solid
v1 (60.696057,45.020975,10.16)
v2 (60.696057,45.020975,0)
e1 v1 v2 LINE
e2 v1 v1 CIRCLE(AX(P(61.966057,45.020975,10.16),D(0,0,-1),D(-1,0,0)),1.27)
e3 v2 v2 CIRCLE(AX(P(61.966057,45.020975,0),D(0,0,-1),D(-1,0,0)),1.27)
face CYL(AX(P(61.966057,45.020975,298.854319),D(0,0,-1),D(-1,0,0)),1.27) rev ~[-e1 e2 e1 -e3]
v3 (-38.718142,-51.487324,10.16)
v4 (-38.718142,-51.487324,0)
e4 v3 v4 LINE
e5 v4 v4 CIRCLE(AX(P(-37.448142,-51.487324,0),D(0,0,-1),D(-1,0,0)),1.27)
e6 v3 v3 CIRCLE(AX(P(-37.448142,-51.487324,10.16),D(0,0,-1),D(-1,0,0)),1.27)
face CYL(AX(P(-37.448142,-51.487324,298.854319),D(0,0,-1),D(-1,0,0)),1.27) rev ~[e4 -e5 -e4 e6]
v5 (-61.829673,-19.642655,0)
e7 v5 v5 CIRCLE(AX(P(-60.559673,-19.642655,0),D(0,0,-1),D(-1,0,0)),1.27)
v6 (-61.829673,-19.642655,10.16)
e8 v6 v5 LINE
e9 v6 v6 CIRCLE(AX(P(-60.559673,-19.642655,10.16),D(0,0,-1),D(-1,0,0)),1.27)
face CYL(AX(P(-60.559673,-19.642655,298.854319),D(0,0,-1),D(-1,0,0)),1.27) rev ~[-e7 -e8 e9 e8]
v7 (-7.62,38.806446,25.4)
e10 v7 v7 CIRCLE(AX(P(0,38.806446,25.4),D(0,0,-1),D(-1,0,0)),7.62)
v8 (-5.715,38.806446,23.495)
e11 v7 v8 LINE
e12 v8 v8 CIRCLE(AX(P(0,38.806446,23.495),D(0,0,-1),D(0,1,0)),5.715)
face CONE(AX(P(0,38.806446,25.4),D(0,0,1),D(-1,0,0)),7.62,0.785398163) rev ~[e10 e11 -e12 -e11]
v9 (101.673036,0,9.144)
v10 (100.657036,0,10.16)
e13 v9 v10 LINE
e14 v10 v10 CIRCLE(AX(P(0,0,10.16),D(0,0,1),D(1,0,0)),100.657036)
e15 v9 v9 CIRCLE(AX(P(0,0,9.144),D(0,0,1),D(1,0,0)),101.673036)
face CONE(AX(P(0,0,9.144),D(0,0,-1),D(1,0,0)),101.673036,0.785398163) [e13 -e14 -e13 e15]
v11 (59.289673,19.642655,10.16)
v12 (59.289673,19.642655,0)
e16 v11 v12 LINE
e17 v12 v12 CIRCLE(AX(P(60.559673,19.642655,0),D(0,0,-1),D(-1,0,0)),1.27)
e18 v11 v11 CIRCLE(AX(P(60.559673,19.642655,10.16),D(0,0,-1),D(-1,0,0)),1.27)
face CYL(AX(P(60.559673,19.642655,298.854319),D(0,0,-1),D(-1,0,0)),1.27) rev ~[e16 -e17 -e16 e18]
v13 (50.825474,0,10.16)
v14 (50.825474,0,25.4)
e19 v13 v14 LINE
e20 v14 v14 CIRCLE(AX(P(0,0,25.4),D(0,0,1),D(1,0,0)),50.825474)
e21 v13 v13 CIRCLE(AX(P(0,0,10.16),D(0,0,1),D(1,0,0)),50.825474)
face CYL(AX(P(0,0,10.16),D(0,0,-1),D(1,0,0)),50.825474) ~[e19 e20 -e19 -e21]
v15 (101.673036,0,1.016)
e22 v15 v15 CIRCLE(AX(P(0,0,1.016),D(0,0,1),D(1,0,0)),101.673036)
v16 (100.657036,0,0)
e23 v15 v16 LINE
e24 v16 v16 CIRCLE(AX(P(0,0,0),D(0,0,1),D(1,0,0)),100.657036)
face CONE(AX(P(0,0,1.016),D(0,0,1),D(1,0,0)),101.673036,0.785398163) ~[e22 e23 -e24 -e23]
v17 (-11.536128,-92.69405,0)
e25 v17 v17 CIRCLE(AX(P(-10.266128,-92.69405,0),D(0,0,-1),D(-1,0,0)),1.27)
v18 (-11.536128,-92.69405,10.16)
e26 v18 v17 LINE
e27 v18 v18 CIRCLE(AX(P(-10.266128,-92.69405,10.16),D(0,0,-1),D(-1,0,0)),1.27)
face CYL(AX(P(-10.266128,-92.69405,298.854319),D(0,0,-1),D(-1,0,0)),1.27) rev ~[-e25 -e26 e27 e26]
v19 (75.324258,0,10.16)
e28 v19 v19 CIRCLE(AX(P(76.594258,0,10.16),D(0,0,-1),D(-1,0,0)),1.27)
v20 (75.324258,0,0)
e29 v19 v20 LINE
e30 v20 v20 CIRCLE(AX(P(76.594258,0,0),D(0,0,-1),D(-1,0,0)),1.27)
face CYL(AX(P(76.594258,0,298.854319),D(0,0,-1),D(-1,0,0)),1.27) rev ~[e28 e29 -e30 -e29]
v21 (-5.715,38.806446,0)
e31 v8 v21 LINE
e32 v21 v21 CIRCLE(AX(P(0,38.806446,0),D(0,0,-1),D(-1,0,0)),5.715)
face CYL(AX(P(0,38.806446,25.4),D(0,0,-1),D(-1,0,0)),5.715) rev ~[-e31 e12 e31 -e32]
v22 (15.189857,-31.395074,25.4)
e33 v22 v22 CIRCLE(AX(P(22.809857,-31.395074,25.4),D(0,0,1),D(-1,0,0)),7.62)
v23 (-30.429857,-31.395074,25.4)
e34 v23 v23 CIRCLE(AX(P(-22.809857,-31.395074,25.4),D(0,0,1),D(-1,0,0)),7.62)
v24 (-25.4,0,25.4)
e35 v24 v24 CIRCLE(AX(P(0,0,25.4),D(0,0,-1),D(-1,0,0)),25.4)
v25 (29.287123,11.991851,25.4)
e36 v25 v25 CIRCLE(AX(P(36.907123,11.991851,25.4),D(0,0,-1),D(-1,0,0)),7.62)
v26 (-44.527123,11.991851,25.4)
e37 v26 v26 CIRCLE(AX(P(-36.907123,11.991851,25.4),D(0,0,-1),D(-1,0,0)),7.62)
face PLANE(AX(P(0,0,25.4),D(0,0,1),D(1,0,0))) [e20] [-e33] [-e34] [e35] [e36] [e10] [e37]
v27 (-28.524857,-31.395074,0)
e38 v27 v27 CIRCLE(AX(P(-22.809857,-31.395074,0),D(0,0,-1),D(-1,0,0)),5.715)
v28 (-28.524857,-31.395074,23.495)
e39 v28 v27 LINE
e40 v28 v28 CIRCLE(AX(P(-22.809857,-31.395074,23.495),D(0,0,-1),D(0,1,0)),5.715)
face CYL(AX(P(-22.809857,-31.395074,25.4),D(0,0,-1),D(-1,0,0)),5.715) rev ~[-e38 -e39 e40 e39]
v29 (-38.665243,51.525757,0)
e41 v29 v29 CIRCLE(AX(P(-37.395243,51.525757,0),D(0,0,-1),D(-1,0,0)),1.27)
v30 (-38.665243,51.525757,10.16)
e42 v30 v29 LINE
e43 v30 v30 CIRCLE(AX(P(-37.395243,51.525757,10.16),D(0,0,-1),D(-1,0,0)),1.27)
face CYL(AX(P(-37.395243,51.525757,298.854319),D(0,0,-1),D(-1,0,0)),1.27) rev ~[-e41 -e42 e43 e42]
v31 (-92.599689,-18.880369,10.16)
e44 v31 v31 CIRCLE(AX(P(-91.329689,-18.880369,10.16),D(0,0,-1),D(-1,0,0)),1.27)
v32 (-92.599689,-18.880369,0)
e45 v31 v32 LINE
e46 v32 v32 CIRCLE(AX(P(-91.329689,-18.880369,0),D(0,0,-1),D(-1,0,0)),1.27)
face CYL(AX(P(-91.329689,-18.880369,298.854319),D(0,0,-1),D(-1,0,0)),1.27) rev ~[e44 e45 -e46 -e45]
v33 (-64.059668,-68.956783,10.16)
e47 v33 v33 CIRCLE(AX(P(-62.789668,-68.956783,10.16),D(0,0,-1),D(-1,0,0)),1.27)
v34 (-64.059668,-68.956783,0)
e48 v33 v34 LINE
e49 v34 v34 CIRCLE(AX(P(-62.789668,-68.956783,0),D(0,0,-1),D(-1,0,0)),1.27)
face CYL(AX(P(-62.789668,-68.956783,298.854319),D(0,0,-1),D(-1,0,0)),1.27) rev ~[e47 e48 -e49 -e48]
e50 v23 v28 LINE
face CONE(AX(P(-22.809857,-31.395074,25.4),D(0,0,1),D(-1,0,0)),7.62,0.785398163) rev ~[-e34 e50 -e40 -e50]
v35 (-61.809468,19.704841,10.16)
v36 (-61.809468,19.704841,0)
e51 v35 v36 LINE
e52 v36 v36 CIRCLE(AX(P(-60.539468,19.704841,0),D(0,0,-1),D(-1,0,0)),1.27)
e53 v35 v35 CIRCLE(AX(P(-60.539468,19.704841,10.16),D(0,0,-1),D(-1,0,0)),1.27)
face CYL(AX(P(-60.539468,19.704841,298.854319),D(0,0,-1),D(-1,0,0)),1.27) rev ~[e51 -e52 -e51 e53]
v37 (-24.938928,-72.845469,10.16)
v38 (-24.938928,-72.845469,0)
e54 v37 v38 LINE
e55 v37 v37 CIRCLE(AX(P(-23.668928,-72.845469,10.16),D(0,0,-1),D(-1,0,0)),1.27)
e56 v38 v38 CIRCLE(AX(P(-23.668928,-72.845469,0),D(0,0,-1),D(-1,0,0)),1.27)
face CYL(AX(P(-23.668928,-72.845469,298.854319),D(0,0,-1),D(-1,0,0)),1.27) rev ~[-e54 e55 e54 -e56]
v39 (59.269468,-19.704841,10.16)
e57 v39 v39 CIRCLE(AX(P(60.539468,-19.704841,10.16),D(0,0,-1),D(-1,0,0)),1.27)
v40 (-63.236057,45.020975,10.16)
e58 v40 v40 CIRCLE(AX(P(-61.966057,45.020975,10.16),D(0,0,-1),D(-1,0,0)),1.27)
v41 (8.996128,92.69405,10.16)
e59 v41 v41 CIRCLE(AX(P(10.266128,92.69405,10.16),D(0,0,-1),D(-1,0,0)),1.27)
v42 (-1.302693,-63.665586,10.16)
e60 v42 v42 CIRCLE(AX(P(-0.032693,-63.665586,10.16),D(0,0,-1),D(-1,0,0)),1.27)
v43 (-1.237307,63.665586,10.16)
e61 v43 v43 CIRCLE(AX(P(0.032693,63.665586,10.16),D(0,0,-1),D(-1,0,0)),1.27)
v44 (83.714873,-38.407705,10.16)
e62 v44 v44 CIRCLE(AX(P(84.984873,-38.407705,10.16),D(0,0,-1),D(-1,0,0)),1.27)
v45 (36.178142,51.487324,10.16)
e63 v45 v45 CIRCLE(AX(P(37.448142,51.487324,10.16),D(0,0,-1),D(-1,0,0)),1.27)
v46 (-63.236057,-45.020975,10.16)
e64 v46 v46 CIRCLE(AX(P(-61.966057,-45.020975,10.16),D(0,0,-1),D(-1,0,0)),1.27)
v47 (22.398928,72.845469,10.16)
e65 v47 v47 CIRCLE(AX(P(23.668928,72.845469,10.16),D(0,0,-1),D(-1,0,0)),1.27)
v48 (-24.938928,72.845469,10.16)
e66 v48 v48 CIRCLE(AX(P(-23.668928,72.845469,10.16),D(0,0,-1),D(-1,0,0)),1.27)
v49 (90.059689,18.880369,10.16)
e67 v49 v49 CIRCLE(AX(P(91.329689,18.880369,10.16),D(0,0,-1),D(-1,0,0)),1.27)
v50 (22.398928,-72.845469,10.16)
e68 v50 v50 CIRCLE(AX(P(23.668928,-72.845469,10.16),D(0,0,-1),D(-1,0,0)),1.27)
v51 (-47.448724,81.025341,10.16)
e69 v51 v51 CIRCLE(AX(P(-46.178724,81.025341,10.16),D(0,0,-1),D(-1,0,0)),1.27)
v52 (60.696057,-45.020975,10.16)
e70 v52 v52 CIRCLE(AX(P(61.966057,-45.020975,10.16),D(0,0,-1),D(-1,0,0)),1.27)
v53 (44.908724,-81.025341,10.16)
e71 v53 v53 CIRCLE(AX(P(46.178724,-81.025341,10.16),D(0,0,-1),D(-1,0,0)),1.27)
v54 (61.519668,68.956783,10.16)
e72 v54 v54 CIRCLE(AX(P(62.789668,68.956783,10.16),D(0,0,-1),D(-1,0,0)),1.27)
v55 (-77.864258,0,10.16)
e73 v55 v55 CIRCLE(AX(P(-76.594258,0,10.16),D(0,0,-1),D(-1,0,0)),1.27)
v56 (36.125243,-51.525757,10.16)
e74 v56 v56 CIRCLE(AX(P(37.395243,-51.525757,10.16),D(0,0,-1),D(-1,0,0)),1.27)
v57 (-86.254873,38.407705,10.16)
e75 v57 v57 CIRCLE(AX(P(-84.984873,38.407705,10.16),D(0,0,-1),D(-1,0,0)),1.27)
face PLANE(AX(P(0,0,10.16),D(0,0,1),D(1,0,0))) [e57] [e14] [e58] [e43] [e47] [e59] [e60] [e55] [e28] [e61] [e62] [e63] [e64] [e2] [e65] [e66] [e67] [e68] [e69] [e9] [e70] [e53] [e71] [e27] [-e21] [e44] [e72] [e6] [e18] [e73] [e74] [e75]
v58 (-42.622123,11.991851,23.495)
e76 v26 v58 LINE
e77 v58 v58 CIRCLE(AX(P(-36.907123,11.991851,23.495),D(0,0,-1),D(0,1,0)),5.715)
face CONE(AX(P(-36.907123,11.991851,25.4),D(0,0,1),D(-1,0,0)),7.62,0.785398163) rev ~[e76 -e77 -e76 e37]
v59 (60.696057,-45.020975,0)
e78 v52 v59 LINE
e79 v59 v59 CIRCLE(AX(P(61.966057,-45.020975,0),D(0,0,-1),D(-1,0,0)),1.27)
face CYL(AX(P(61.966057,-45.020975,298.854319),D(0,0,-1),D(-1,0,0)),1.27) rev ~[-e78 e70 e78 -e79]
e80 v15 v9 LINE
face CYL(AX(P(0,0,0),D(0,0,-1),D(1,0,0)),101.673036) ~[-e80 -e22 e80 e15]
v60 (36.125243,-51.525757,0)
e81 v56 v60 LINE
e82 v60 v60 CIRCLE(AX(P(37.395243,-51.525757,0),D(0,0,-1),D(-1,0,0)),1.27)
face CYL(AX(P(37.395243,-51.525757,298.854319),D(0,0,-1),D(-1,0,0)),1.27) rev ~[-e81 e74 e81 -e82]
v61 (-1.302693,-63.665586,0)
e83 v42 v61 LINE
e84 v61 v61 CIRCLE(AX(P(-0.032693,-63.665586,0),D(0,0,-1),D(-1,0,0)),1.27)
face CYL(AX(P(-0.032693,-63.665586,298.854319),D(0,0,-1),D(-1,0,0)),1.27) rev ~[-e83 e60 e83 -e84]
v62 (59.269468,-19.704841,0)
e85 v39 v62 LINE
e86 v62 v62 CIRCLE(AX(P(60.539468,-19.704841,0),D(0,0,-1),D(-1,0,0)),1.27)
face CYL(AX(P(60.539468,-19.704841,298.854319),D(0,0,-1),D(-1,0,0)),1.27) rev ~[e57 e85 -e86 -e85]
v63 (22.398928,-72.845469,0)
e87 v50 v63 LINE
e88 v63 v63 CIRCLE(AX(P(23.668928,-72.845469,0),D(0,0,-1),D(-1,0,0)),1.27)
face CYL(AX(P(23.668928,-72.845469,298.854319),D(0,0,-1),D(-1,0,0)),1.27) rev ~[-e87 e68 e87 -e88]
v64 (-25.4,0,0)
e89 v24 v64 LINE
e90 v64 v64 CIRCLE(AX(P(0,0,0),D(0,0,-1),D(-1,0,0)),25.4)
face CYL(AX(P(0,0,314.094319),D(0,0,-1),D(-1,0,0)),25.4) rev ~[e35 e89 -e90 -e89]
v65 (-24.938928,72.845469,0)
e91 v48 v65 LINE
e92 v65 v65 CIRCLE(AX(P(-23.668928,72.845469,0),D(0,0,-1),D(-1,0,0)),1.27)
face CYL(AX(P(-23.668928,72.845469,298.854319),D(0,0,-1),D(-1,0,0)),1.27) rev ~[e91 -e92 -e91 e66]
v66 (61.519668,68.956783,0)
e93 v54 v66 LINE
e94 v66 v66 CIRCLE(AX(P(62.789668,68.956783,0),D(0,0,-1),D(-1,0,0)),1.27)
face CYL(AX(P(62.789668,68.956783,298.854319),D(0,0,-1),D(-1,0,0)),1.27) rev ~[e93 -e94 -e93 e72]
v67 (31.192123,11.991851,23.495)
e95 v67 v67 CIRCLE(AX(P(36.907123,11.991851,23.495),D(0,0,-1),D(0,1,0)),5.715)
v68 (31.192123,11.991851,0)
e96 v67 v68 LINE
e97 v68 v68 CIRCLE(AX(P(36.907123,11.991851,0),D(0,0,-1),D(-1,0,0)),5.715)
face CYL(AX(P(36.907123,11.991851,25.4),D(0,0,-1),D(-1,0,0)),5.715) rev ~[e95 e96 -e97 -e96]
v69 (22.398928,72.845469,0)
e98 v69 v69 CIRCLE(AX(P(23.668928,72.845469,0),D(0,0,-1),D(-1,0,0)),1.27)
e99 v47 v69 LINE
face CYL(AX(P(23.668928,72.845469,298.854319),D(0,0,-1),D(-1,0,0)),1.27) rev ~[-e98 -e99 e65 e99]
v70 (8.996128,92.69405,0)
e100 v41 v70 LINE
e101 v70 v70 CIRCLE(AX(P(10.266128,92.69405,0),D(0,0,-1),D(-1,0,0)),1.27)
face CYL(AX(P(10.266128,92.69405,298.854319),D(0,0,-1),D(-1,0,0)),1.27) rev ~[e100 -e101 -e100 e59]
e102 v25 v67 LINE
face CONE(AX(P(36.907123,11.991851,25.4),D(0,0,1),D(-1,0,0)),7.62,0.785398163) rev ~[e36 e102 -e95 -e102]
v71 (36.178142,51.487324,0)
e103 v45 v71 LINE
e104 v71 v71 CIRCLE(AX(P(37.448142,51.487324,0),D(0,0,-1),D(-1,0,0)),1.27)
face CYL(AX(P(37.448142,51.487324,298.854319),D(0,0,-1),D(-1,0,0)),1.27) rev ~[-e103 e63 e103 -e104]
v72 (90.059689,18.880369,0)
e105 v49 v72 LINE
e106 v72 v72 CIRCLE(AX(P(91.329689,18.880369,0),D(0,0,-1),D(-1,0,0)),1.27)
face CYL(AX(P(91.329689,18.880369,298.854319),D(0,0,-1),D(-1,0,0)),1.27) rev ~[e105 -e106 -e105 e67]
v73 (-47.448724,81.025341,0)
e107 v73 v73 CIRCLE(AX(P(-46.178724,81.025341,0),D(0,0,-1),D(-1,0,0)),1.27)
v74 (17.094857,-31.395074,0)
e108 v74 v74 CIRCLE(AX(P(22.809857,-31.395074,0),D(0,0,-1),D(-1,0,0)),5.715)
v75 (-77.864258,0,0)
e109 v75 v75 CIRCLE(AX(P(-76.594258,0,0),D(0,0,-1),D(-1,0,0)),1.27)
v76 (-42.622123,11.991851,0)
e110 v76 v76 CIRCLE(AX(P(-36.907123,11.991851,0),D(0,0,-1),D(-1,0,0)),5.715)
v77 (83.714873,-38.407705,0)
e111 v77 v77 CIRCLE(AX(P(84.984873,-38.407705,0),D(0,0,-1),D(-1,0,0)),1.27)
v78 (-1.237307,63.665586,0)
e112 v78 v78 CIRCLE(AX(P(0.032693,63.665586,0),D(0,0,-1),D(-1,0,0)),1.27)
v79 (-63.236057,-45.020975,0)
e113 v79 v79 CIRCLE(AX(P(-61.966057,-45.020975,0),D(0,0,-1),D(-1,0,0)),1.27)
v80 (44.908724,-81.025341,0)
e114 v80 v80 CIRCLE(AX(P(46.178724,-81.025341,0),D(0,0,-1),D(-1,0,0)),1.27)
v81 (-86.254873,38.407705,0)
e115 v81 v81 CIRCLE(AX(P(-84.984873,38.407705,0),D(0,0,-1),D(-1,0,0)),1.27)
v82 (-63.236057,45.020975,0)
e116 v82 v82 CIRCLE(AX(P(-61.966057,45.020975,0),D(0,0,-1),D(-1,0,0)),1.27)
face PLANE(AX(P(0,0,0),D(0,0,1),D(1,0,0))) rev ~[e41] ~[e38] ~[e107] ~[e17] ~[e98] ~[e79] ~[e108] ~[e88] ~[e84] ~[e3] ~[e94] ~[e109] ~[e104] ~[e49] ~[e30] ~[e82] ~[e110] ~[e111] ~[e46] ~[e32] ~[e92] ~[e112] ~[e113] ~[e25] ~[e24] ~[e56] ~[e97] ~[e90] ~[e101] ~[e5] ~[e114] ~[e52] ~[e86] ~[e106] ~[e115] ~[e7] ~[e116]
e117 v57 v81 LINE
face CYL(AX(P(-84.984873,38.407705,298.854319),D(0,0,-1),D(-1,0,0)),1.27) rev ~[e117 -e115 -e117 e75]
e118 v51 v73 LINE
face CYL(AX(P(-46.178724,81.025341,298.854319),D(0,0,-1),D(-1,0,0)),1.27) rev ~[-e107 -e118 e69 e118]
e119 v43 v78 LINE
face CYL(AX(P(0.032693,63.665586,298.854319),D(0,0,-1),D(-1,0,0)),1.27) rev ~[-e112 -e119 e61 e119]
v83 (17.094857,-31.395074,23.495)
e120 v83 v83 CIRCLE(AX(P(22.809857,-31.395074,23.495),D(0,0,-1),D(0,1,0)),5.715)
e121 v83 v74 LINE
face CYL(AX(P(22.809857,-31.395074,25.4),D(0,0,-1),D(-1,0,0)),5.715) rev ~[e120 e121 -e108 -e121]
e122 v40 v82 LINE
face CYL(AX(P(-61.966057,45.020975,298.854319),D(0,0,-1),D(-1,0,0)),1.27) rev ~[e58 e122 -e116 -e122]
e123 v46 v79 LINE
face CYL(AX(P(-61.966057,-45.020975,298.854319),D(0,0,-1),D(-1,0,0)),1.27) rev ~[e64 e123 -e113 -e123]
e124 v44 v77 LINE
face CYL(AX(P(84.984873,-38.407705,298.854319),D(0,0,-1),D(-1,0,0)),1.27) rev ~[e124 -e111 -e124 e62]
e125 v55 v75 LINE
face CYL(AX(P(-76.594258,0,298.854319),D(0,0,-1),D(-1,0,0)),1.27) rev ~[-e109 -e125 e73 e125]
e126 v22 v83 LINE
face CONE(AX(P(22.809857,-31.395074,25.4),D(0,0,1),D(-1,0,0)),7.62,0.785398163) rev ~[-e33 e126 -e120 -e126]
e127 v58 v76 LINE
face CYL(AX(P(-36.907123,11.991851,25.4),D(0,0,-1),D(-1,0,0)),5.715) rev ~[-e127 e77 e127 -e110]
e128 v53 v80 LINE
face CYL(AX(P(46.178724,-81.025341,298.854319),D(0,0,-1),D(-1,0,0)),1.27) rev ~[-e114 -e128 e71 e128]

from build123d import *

# Parameters (mm, degrees)
F0_R           = 101.673036
F1_DEPTH       = 10.16
F2_R           = 50.825474
F3_DEPTH       = 15.24
F5_D           = 50.8
F7_D           = 11.43
F7_CSINK_D     = 15.24
F7_CSINK_ANGLE = 90
F9_D           = 2.54
F10_SIZE       = 1.016


with BuildPart() as f1:
    # F0 (on Top) → F1 (new body)
    with BuildSketch(Plane.XY):
        Circle(F0_R)
    extrude(amount=F1_DEPTH)

    # F2 (on face) → F3 (join)
    with BuildSketch(Plane.XY.offset(10.16)):
        Circle(F2_R)
    extrude(amount=F3_DEPTH)

    # F5 (through all)
    with Locations(Plane.XY.offset(25.4)):
        with Locations((0, 0)):
            Hole(F5_D / 2)

    # F7 (through all)
    with Locations(Plane.XY.offset(25.4)):
        with Locations((0, 38.806446), (-36.907123, 11.991851), (-22.809857, -31.395074), (22.809857, -31.395074), (36.907123, 11.991851)):
            CounterSinkHole(F7_D / 2, F7_CSINK_D / 2, counter_sink_angle=F7_CSINK_ANGLE)

    # F9 (through all)
    with Locations(Plane.XY.offset(10.16)):
        with Locations((10.266128, 92.69405), (-46.178724, 81.025341), (-23.668928, 72.845469), (0.032693, 63.665586), (23.668928, 72.845469), (37.448142, 51.487324), (62.789668, 68.956783), (61.966057, 45.020975), (60.559673, 19.642655), (91.329689, 18.880369), (76.594258, 0), (60.539468, -19.704841), (84.984873, -38.407705), (61.966057, -45.020975), (37.395243, -51.525757), (46.178724, -81.025341), (23.668928, -72.845469), (-0.032693, -63.665586), (-10.266128, -92.69405), (-23.668928, -72.845469), (-37.448142, -51.487324), (-62.789668, -68.956783), (-61.966057, -45.020975), (-60.559673, -19.642655), (-91.329689, -18.880369), (-76.594258, 0), (-60.539468, 19.704841), (-84.984873, 38.407705), (-61.966057, 45.020975), (-37.395243, 51.525757)):
            Hole(F9_D / 2)

    # F10
    f10_edges = [f1.edges().sort_by_distance(p)[0] for p in [
        (101.673036, 0, 5.08),
        (-101.673036, 0, 0),
        (-101.673036, 0, 10.16),
    ]]
    chamfer(f10_edges, length=F10_SIZE)


solid = f1.part
